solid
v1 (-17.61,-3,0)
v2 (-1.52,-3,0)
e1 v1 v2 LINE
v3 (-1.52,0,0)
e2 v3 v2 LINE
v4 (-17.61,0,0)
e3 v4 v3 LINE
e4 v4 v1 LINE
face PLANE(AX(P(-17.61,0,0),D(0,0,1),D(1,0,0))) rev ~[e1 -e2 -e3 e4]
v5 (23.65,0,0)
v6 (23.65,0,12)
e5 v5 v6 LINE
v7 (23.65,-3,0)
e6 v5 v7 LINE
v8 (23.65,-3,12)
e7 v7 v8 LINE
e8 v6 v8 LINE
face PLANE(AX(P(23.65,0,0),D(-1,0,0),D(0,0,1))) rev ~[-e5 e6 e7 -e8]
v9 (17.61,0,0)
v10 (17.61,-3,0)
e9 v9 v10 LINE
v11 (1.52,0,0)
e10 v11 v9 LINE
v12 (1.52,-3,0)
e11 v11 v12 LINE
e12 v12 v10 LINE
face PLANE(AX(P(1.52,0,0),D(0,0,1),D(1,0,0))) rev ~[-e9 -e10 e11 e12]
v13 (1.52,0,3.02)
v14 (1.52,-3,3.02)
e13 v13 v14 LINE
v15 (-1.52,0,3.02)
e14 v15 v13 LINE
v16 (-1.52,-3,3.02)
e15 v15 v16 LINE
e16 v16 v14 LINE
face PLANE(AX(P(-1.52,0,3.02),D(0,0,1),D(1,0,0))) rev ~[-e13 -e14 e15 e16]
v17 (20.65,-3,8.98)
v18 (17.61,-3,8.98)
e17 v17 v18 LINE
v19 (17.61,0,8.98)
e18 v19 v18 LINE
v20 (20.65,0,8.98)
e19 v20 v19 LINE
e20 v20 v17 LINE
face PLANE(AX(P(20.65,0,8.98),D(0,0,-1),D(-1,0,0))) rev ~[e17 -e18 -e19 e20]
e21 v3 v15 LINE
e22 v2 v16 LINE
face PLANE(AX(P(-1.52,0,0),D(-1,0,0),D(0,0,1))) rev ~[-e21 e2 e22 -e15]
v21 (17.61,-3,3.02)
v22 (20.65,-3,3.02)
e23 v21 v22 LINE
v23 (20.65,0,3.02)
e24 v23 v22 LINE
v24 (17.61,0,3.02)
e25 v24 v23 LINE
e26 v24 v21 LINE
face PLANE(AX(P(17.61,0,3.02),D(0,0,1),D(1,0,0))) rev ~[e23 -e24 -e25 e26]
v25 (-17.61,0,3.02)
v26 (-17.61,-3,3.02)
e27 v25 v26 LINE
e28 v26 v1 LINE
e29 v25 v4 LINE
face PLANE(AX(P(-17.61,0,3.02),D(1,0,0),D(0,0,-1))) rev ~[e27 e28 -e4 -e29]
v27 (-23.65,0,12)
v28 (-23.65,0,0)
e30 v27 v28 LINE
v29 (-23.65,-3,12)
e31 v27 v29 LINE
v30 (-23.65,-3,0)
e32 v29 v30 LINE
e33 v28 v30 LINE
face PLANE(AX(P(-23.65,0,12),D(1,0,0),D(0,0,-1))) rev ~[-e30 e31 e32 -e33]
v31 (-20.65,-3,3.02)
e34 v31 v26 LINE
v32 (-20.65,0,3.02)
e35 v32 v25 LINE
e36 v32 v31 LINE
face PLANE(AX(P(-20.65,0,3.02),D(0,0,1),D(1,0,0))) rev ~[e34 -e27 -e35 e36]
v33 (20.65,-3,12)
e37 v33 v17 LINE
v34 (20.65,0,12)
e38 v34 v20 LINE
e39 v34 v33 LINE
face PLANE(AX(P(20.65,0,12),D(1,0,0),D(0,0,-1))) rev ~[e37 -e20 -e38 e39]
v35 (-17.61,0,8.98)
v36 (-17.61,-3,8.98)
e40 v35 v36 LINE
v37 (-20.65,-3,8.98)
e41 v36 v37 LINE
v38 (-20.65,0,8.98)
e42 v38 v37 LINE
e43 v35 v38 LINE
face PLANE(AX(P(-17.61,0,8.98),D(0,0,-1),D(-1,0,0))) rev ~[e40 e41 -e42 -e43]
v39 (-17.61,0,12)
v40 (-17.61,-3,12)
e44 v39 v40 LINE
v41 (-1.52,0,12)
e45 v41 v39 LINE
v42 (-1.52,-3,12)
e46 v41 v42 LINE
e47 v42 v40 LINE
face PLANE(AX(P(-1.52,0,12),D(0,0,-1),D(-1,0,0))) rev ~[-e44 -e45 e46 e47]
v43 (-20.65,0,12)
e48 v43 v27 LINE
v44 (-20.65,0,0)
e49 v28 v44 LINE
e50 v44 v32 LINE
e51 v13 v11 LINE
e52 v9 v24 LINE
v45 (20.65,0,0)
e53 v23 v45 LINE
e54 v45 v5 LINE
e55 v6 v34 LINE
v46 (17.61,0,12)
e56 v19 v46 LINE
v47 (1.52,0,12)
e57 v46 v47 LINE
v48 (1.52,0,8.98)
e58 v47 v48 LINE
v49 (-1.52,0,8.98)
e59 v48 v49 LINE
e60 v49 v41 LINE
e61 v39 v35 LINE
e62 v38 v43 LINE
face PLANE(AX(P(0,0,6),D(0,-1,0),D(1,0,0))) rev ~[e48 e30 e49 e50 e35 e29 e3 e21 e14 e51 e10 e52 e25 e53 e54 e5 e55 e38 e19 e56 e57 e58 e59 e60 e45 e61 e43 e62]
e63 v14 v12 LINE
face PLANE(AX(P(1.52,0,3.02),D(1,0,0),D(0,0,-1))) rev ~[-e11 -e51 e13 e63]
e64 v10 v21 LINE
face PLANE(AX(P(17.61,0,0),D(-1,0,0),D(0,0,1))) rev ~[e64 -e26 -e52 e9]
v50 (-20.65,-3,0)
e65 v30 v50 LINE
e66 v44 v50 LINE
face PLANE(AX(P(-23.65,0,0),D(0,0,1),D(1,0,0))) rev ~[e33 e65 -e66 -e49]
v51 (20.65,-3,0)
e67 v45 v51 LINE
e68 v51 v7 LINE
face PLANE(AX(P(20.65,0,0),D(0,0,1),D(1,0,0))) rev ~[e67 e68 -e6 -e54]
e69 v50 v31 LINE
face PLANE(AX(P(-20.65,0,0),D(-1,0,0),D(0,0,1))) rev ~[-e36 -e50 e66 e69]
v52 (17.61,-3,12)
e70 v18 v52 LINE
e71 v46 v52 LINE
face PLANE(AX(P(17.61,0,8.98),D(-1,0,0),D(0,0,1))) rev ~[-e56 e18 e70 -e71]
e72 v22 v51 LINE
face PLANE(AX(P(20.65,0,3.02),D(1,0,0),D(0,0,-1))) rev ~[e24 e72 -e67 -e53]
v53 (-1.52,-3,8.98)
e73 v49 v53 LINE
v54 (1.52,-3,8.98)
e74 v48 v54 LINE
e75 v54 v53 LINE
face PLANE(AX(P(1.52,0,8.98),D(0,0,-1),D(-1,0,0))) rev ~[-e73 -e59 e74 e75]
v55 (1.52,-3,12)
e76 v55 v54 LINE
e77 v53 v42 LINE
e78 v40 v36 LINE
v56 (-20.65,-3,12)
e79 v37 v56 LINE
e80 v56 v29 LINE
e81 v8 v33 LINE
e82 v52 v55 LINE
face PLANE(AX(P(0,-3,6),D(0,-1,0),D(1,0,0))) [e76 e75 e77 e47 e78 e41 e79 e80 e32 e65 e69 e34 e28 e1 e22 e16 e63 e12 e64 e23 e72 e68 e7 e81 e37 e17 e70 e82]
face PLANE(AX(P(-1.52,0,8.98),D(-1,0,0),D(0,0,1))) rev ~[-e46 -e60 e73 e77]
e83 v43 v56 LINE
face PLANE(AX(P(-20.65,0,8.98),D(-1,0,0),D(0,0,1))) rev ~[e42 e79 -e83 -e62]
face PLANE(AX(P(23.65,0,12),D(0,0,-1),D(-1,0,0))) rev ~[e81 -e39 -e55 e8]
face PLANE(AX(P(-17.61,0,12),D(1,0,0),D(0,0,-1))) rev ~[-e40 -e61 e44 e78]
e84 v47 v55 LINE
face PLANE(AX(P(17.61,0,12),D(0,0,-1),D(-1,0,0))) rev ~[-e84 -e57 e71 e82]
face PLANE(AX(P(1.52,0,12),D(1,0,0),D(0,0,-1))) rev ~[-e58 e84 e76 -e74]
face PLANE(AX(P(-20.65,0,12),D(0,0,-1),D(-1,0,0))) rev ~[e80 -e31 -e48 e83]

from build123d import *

# Parameters (mm, degrees)
F1_DEPTH = 3


with BuildPart() as f1:
    # F0 (on Front) → F1 (new body)
    with BuildSketch(Plane.XZ):
        Polygon((-23.65, 0), (-20.65, 0), (-20.65, 3.02), (-17.61, 3.02), (-17.61, 0), (-1.52, 0), (-1.52, 3.02), (1.52, 3.02), (1.52, 0), (17.61, 0), (17.61, 3.02), (20.65, 3.02), (20.65, 0), (23.65, 0), (23.65, 12), (20.65, 12), (20.65, 8.98), (17.61, 8.98), (17.61, 12), (1.52, 12), (1.52, 8.98), (-1.52, 8.98), (-1.52, 12), (-17.61, 12), (-17.61, 8.98), (-20.65, 8.98), (-20.65, 12), (-23.65, 12), align=None)
    extrude(amount=F1_DEPTH)


solid = f1.part
